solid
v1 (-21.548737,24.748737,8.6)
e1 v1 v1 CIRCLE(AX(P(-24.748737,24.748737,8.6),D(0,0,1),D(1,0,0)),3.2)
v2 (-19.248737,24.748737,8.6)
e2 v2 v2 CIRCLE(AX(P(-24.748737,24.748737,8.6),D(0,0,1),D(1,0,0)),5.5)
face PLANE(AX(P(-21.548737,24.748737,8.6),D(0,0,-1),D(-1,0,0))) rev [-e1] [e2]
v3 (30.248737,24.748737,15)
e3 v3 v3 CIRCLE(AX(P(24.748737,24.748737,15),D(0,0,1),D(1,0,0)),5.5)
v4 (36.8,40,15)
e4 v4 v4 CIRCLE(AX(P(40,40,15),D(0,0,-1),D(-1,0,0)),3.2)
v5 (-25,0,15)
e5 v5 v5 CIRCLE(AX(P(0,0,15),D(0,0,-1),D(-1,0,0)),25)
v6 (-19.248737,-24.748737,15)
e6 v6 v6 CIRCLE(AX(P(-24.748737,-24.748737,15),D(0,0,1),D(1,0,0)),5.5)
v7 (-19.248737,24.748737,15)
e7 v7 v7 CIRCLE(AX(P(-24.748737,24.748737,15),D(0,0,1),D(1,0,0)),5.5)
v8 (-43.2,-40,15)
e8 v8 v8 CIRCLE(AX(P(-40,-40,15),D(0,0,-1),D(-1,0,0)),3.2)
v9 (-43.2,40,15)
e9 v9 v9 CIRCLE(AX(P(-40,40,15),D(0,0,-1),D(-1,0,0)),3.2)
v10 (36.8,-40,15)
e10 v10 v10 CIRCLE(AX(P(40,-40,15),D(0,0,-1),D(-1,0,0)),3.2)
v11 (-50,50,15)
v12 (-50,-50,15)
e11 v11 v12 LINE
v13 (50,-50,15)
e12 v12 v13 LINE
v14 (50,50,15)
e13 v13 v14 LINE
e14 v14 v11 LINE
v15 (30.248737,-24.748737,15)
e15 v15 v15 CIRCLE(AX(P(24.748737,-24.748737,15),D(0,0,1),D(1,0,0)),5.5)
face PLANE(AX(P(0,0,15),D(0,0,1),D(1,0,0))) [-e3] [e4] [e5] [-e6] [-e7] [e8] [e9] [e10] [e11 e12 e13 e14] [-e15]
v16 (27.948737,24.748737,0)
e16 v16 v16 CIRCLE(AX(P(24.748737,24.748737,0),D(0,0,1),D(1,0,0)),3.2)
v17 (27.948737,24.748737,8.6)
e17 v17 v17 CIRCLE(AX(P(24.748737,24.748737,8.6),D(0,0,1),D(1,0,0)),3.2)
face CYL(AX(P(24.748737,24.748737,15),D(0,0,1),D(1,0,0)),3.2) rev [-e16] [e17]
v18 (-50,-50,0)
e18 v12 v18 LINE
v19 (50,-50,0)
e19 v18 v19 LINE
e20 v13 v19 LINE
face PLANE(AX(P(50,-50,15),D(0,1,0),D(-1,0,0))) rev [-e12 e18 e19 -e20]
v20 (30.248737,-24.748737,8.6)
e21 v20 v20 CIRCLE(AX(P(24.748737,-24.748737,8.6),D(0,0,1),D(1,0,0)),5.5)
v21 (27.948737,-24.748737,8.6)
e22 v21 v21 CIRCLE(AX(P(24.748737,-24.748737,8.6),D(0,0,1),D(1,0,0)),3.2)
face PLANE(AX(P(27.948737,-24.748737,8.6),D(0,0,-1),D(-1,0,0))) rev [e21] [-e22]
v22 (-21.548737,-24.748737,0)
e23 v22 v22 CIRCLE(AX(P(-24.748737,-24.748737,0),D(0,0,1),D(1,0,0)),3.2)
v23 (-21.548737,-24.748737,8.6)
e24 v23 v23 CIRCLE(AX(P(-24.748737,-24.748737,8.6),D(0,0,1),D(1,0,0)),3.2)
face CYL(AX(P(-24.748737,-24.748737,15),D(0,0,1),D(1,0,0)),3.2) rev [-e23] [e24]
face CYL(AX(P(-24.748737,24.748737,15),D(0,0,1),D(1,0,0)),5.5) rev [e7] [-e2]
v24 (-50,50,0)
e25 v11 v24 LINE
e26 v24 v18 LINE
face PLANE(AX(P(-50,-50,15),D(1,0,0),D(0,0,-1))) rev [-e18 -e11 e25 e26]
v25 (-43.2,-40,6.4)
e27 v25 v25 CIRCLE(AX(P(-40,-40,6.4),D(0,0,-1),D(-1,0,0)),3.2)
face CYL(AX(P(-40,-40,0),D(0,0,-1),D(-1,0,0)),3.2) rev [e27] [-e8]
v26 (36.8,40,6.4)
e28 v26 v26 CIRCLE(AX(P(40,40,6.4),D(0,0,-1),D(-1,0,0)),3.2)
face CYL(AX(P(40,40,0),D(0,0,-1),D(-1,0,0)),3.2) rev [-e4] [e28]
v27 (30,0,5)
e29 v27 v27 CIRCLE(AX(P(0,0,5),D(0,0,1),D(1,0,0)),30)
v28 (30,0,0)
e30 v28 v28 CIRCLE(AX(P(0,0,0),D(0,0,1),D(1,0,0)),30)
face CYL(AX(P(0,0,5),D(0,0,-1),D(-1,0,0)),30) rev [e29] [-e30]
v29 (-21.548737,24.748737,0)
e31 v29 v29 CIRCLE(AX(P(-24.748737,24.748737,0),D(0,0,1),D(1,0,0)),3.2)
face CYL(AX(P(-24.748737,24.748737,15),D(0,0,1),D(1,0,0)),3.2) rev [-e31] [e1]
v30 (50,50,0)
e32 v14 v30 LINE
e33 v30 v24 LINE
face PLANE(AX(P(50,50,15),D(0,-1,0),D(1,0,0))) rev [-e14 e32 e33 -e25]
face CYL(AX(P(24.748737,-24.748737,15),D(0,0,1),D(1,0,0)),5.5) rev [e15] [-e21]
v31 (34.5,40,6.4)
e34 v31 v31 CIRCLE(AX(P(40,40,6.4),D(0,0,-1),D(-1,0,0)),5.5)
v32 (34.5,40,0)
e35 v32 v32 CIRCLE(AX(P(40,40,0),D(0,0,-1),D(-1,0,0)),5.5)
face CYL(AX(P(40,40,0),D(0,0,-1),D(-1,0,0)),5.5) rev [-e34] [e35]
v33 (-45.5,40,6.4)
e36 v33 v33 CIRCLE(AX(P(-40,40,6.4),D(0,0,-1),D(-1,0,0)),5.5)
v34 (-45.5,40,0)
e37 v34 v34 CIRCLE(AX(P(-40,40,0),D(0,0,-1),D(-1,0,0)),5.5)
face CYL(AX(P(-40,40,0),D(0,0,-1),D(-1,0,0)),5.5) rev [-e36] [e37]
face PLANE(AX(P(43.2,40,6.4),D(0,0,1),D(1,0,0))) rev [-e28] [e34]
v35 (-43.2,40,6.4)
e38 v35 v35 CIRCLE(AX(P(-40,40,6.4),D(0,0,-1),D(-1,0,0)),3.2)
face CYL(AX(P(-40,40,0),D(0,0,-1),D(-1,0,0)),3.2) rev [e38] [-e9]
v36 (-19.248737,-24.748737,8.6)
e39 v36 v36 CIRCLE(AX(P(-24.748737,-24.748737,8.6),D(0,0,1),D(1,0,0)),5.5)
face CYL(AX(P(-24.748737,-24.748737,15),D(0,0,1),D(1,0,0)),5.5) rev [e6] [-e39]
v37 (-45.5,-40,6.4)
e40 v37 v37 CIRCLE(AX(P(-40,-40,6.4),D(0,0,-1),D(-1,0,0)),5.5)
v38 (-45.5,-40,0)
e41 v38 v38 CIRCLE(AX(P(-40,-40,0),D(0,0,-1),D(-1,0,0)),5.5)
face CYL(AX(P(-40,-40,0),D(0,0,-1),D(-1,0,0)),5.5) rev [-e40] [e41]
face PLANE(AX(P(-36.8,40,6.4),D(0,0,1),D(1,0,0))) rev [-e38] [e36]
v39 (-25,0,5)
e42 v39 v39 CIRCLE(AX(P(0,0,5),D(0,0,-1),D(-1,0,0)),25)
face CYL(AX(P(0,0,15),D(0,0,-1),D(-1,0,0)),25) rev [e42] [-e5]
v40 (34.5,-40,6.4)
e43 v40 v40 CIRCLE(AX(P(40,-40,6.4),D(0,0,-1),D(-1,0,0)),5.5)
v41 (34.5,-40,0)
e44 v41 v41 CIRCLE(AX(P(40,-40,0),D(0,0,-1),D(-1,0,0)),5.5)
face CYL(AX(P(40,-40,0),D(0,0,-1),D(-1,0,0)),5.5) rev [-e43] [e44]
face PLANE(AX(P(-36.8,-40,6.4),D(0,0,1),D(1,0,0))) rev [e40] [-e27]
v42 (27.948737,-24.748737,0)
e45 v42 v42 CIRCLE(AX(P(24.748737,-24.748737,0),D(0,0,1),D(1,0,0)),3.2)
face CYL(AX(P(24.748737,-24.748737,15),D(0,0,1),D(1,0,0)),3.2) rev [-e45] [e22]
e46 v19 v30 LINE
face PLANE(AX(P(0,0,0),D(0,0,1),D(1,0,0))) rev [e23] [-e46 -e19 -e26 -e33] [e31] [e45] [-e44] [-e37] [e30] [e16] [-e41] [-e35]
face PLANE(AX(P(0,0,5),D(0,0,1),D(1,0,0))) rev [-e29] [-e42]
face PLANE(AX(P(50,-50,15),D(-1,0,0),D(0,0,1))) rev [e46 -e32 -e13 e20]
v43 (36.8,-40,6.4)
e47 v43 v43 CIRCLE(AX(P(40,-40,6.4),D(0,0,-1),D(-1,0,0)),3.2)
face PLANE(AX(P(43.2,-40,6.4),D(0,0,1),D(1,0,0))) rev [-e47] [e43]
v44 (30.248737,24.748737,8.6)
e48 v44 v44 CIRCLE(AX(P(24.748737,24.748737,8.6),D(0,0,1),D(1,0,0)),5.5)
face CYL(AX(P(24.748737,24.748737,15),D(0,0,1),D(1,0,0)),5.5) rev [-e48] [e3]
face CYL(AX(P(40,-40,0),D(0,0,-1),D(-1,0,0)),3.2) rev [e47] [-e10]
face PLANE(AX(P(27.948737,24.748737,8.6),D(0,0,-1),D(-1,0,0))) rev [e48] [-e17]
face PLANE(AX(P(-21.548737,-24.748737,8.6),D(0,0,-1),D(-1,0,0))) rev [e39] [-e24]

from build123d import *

# Parameters (mm, degrees)
SKETCH_1_W                   = 100
SKETCH_1_H                   = 100
EXTRUDE_1_DEPTH              = 15
HOLE_WIZARD_M6_1_D           = 6.4
HOLE_WIZARD_M6_1_CBORE_D     = 11
HOLE_WIZARD_M6_1_CBORE_DEPTH = 6.4
SKETCH_4_R                   = 30
CUT_EXTRUDE_1_DEPTH          = 5
HOLE_WIZARD_M6_2_D           = 6.4
HOLE_WIZARD_M6_2_CBORE_D     = 11
HOLE_WIZARD_M6_2_CBORE_DEPTH = 6.4
SKETCH_8_R                   = 25
CUT_EXTRUDE_2_DEPTH          = 11


with BuildPart() as part:
    # 草图1 → 凸台-拉伸1 (new body)
    with BuildSketch(Plane.XY):
        Rectangle(SKETCH_1_W, SKETCH_1_H)
    extrude(amount=EXTRUDE_1_DEPTH)

    # M6 六角凹头螺钉的柱形沉头孔1 (through all)
    with Locations(Plane(origin=(-40, 40, 0), x_dir=(-1, 0, 0), z_dir=(0, 0, -1))):
        with Locations((0, 0), (-80, 0), (-80, -80), (0, -80)):
            CounterBoreHole(HOLE_WIZARD_M6_1_D / 2, HOLE_WIZARD_M6_1_CBORE_D / 2, HOLE_WIZARD_M6_1_CBORE_DEPTH)

    # 草图4 → 切除-拉伸1 (cut)
    with BuildSketch(Plane.XY):
        Circle(SKETCH_4_R)
    extrude(amount=CUT_EXTRUDE_1_DEPTH, mode=Mode.SUBTRACT)

    # M6 六角凹头螺钉的柱形沉头孔2 (through all)
    with Locations(Plane(origin=(-24.748737342, 24.748737342, 15), x_dir=(1, 0, 0), z_dir=(0, 0, 1))):
        with Locations((0, 0), (0, -49.497474684), (49.497474684, -49.497474684), (49.497474684, 0)):
            CounterBoreHole(HOLE_WIZARD_M6_2_D / 2, HOLE_WIZARD_M6_2_CBORE_D / 2, HOLE_WIZARD_M6_2_CBORE_DEPTH)

    # 草图8 → 切除-拉伸2 (cut, through all)
    with BuildSketch(Plane(origin=(0, 0, 5), x_dir=(-1, 0, 0), z_dir=(0, 0, -1))):
        Circle(SKETCH_8_R)
    extrude(amount=-CUT_EXTRUDE_2_DEPTH, mode=Mode.SUBTRACT)


solid = part.part
